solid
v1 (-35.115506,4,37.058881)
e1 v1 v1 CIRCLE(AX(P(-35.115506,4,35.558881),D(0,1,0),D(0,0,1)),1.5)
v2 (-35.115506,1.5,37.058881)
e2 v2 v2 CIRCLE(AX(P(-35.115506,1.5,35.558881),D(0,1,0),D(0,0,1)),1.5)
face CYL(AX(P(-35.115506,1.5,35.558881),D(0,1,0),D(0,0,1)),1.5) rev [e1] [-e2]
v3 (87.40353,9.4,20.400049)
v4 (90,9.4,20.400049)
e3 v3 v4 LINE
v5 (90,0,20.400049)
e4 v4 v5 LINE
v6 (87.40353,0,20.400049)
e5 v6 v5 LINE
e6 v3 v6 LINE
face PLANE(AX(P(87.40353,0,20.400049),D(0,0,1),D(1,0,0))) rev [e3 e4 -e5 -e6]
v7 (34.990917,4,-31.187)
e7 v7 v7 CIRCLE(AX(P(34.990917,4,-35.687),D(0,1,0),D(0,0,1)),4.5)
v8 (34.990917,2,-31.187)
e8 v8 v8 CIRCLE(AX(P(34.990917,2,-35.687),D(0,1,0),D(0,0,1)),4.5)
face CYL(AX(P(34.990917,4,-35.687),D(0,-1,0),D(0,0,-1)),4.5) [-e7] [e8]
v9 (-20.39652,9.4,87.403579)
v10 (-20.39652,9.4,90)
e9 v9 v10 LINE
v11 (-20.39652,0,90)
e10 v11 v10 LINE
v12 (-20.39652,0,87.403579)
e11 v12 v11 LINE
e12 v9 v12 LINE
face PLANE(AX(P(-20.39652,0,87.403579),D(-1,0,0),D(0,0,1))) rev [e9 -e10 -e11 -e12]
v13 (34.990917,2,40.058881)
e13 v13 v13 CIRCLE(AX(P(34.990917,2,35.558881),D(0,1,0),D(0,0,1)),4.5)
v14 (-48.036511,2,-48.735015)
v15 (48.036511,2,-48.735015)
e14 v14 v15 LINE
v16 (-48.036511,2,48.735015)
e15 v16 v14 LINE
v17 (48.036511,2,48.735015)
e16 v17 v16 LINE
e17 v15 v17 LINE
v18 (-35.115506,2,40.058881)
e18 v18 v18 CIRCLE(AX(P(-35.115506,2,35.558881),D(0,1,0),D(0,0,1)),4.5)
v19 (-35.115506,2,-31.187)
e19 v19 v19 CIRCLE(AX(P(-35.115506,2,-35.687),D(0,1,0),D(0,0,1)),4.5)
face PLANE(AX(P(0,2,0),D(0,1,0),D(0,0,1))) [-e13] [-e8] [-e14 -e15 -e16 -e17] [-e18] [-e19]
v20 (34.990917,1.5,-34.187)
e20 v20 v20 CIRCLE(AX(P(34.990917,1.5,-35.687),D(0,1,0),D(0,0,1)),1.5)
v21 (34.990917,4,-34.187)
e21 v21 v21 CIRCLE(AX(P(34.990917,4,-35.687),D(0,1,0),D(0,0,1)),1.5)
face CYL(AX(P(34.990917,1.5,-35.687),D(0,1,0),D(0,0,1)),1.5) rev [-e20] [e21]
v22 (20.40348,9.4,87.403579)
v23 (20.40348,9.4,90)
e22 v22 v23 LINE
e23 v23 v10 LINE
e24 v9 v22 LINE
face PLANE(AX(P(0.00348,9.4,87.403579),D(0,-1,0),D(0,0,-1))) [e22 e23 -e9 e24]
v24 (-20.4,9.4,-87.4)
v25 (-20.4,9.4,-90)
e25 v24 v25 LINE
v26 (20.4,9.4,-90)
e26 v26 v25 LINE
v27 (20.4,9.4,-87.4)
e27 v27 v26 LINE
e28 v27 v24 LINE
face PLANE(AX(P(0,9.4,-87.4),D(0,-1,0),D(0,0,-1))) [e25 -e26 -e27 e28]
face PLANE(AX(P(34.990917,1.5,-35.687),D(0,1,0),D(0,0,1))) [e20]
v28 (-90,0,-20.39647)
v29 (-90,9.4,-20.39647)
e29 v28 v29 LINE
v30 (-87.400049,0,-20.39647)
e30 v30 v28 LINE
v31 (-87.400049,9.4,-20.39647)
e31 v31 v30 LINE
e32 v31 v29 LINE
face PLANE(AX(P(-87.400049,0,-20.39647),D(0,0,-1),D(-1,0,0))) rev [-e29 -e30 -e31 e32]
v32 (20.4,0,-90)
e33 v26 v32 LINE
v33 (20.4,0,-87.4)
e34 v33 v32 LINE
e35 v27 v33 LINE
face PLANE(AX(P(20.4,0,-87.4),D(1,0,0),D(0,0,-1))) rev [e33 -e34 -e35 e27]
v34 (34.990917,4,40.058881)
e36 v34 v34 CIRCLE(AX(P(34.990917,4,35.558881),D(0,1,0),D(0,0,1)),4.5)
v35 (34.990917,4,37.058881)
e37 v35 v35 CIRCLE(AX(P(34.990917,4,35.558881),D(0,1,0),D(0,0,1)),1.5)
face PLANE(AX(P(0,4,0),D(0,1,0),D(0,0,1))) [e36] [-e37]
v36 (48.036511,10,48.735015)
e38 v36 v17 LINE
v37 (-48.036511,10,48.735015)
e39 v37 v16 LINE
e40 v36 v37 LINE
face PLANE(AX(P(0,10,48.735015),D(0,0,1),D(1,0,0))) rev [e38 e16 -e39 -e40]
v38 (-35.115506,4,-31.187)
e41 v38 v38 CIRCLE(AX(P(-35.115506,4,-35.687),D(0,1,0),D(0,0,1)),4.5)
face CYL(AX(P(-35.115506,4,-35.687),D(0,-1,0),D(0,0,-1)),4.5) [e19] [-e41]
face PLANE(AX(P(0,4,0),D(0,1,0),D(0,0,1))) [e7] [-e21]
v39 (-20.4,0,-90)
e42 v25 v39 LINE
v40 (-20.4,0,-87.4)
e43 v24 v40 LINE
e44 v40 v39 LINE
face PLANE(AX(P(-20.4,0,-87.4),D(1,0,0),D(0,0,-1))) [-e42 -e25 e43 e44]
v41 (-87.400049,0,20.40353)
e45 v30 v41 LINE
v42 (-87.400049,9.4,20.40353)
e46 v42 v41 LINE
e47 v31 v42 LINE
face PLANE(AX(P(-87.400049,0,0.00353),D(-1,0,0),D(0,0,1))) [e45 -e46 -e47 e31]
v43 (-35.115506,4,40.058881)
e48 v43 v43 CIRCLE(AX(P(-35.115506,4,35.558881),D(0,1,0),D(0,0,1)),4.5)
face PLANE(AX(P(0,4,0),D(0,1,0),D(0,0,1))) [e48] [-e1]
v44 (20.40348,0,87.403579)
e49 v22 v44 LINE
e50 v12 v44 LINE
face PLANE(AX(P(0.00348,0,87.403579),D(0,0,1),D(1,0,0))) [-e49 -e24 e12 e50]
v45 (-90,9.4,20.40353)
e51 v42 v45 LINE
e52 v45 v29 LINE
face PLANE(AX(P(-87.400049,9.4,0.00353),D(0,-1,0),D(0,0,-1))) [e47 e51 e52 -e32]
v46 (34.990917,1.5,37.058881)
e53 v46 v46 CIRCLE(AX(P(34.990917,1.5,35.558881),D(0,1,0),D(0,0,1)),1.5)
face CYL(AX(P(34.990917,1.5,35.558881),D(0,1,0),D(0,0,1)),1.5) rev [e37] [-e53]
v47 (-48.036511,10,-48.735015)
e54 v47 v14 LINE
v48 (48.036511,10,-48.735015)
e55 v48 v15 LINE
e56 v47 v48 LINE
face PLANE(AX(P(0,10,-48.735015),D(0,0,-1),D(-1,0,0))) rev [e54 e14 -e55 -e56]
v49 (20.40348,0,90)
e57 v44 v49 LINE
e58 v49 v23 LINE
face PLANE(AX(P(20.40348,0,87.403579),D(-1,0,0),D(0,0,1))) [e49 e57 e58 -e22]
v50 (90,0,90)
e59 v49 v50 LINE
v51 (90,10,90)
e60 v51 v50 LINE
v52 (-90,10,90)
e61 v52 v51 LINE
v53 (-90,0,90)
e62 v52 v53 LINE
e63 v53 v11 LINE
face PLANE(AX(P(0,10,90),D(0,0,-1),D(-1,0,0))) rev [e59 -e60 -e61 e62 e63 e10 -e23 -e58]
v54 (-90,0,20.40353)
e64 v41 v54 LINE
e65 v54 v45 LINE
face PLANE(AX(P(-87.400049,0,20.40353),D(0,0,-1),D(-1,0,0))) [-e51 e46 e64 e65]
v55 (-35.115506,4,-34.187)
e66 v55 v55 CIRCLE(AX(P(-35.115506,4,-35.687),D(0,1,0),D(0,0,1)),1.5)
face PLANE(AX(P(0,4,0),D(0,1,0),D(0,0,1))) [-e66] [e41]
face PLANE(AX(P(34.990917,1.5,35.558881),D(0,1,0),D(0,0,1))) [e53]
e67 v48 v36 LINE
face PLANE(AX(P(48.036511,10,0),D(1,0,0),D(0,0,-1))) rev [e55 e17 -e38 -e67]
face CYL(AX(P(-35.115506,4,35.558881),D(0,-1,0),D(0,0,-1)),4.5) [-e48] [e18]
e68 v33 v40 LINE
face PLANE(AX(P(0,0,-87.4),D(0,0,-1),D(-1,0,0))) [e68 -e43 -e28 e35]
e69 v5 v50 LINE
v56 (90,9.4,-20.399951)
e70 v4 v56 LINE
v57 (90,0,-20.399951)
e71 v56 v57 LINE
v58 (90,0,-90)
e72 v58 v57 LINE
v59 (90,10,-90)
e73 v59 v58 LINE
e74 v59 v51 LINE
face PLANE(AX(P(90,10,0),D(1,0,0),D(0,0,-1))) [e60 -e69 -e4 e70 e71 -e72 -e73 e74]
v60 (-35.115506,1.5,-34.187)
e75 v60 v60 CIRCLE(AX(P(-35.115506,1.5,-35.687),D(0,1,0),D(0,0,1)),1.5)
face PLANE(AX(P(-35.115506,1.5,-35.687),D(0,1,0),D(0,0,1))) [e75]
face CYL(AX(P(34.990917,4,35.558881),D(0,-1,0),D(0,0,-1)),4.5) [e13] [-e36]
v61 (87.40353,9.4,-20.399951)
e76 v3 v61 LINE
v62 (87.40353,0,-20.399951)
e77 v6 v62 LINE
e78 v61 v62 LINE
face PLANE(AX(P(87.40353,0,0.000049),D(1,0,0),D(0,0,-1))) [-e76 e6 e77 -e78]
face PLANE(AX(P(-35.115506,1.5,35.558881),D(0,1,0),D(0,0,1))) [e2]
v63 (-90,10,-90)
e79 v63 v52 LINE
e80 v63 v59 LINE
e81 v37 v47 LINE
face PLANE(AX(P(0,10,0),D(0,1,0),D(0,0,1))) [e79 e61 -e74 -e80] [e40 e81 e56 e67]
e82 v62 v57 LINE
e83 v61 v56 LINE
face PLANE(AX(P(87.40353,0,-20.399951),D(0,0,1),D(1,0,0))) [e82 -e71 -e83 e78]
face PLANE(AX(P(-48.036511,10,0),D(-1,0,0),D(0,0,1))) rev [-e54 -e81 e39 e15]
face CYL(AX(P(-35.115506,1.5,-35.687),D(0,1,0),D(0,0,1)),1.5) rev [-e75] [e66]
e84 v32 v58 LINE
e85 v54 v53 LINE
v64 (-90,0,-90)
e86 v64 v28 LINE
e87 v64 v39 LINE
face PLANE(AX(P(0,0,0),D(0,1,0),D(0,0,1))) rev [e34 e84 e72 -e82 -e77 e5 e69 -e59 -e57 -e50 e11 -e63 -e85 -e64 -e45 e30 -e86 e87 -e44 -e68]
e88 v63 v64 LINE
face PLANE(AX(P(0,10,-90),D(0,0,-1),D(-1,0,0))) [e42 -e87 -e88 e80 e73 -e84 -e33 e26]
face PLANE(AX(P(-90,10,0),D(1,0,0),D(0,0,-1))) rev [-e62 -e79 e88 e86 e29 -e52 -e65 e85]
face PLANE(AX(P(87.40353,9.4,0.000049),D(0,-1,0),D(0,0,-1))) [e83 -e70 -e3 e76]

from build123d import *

# Parameters (mm, degrees)
SKETCH1_W           = 180
SKETCH1_H           = 180
SKETCH1_W_2         = 96.073021888
SKETCH1_H_2         = 97.47003078
BOSS_EXTRUDE1_DEPTH = 10
SKETCH1_3_W         = 96.073021888
SKETCH1_3_H         = 97.47003078
SKETCH1_3_R         = 4.5
BOSS_EXTRUDE2_DEPTH = 2
SKETCH1_5_R         = 1.5
BOSS_EXTRUDE3_DEPTH = 4
CUT_EXTRUDE1_START  = 4
SKETCH1_6_R         = 1.5
CUT_EXTRUDE1_DEPTH  = 2.5
SKETCH4_W           = 40
SKETCH4_H           = 9
CUT_EXTRUDE3_DEPTH  = 2.6
CIRPATTERN2_COUNT   = 4


with BuildPart() as part:
    # Sketch1 → Boss-Extrude1 (new body)
    with BuildSketch(Plane(origin=(0, 0, 0), x_dir=(1, 0, 0), z_dir=(0, 1, 0))):
        Rectangle(SKETCH1_W, SKETCH1_H)
        Rectangle(SKETCH1_W_2, SKETCH1_H_2, mode=Mode.SUBTRACT)
    extrude(amount=BOSS_EXTRUDE1_DEPTH)

    # Sketch1<3> → Boss-Extrude2 (add)
    with BuildSketch(Plane(origin=(0, 0, 0), x_dir=(1, 0, 0), z_dir=(0, 1, 0))):
        Rectangle(SKETCH1_3_W, SKETCH1_3_H)
        with Locations(Location((34.990916942, 35.687000466, 0), (0, 0, 270))):
            Circle(SKETCH1_3_R, mode=Mode.SUBTRACT)
        with Locations(Location((34.990916942, -35.558880992, 0), (0, 0, 270))):
            Circle(SKETCH1_3_R, mode=Mode.SUBTRACT)
        with Locations(Location((-35.115505573, -35.558880992, 0), (0, 0, 270))):
            Circle(SKETCH1_3_R, mode=Mode.SUBTRACT)
        with Locations(Location((-35.115505573, 35.687000466, 0), (0, 0, 270))):
            Circle(SKETCH1_3_R, mode=Mode.SUBTRACT)
    extrude(amount=BOSS_EXTRUDE2_DEPTH)

    # Sketch1<5> → Boss-Extrude3 (add)
    # profile 1 of 12: a face of its own
    with BuildSketch(Plane(origin=(0, 0, 0), x_dir=(1, 0, 0), z_dir=(0, 1, 0))):
        with BuildLine():
            Line((-38.036510944, -38.73501539), (-38.036510944, -32.135764339))
            ThreePointArc((-38.036510944, -32.135764339), (-38.417826814, -38.615787014), (-31.927689662, -38.73501539))
            Line((-31.927689662, -38.73501539), (-38.036510944, -38.73501539))
        make_face()
    # profile 2 of 12: a face of its own
    with BuildSketch(Plane(origin=(0, 0, 0), x_dir=(1, 0, 0), z_dir=(0, 1, 0))):
        with BuildLine():
            ThreePointArc((-30.615505573, -35.558880992), (-33.230634778, -31.472652647), (-38.036510944, -32.135764339))
            Line((-38.036510944, -32.135764339), (-38.036510944, -38.73501539))
            Line((-38.036510944, -38.73501539), (-31.927689662, -38.73501539))
            ThreePointArc((-31.927689662, -38.73501539), (-30.95646893, -37.277140053), (-30.615505573, -35.558880992))
        make_face()
        with Locations((-35.115505573, -35.558880992)):
            Circle(SKETCH1_5_R, mode=Mode.SUBTRACT)
    # profile 3 of 12: a face of its own
    with BuildSketch(Plane(origin=(0, 0, 0), x_dir=(1, 0, 0), z_dir=(0, 1, 0))):
        with Locations((-35.115505573, -35.558880992)):
            Circle(SKETCH1_5_R)
    # profile 4 of 12: a face of its own
    with BuildSketch(Plane(origin=(0, 0, 0), x_dir=(1, 0, 0), z_dir=(0, 1, 0))):
        with BuildLine():
            Line((38.036510944, -38.73501539), (38.036510944, -32.246124259))
            ThreePointArc((38.036510944, -32.246124259), (31.745692174, -32.441427511), (31.80310103, -38.73501539))
            Line((31.80310103, -38.73501539), (38.036510944, -38.73501539))
        make_face()
        with Locations((34.990916942, -35.558880992)):
            Circle(SKETCH1_5_R, mode=Mode.SUBTRACT)
    # profile 5 of 12: a face of its own
    with BuildSketch(Plane(origin=(0, 0, 0), x_dir=(1, 0, 0), z_dir=(0, 1, 0))):
        with Locations((34.990916942, -35.558880992)):
            Circle(SKETCH1_5_R)
    # profile 6 of 12: a face of its own
    with BuildSketch(Plane(origin=(0, 0, 0), x_dir=(1, 0, 0), z_dir=(0, 1, 0))):
        with BuildLine():
            ThreePointArc((39.490916942, -35.558880992), (39.111303636, -33.74989965), (38.036510944, -32.246124259))
            Line((38.036510944, -32.246124259), (38.036510944, -38.73501539))
            Line((38.036510944, -38.73501539), (31.80310103, -38.73501539))
            ThreePointArc((31.80310103, -38.73501539), (36.709176002, -39.717917636), (39.490916942, -35.558880992))
        make_face()
    # profile 7 of 12: a face of its own
    with BuildSketch(Plane(origin=(0, 0, 0), x_dir=(1, 0, 0), z_dir=(0, 1, 0))):
        with BuildLine():
            Line((-31.804976156, 38.73501539), (-38.036510944, 38.73501539))
            Line((-38.036510944, 38.73501539), (-38.036510944, 32.263883812))
            ThreePointArc((-38.036510944, 32.263883812), (-33.230634778, 31.600772121), (-30.615505573, 35.687000466))
            ThreePointArc((-30.615505573, 35.687000466), (-30.923406912, 37.322943255), (-31.804976156, 38.73501539))
        make_face()
        with Locations((-35.115505573, 35.687000466)):
            Circle(SKETCH1_5_R, mode=Mode.SUBTRACT)
    # profile 8 of 12: a face of its own
    with BuildSketch(Plane(origin=(0, 0, 0), x_dir=(1, 0, 0), z_dir=(0, 1, 0))):
        with Locations((-35.115505573, 35.687000466)):
            Circle(SKETCH1_5_R)
    # profile 9 of 12: a face of its own
    with BuildSketch(Plane(origin=(0, 0, 0), x_dir=(1, 0, 0), z_dir=(0, 1, 0))):
        with BuildLine():
            Line((-38.036510944, 32.263883812), (-38.036510944, 38.73501539))
            Line((-38.036510944, 38.73501539), (-31.804976156, 38.73501539))
            ThreePointArc((-31.804976156, 38.73501539), (-38.356927826, 38.808407485), (-38.036510944, 32.263883812))
        make_face()
    # profile 10 of 12: a face of its own
    with BuildSketch(Plane(origin=(0, 0, 0), x_dir=(1, 0, 0), z_dir=(0, 1, 0))):
        with BuildLine():
            Line((38.036510944, 38.73501539), (31.680387525, 38.73501539))
            ThreePointArc((31.680387525, 38.73501539), (31.807773572, 32.50618323), (38.036510944, 32.374243733))
            Line((38.036510944, 32.374243733), (38.036510944, 38.73501539))
        make_face()
        with Locations((34.990916942, 35.687000466)):
            Circle(SKETCH1_5_R, mode=Mode.SUBTRACT)
    # profile 11 of 12: a face of its own
    with BuildSketch(Plane(origin=(0, 0, 0), x_dir=(1, 0, 0), z_dir=(0, 1, 0))):
        with Locations((34.990916942, 35.687000466)):
            Circle(SKETCH1_5_R)
    # profile 12 of 12: a face of its own
    with BuildSketch(Plane(origin=(0, 0, 0), x_dir=(1, 0, 0), z_dir=(0, 1, 0))):
        with BuildLine():
            ThreePointArc((39.490916942, 35.687000466), (36.626859732, 39.879099127), (31.680387525, 38.73501539))
            Line((31.680387525, 38.73501539), (38.036510944, 38.73501539))
            Line((38.036510944, 38.73501539), (38.036510944, 32.374243733))
            ThreePointArc((38.036510944, 32.374243733), (39.111303636, 33.878019124), (39.490916942, 35.687000466))
        make_face()
    extrude(amount=BOSS_EXTRUDE3_DEPTH)

    # Sketch1<6> → Cut-Extrude1 (cut)
    with BuildSketch(Plane(origin=(0, 0, 0), x_dir=(1, 0, 0), z_dir=(0, 1, 0)).offset(CUT_EXTRUDE1_START)):
        with Locations(Location((-35.115505573, 35.687000466, 0), (0, 0, 270))):
            Circle(SKETCH1_6_R)
        with Locations(Location((34.990916942, 35.687000466, 0), (0, 0, 270))):
            Circle(SKETCH1_6_R)
        with Locations(Location((34.990916942, -35.558880992, 0), (0, 0, 270))):
            Circle(SKETCH1_6_R)
        with Locations(Location((-35.115505573, -35.558880992, 0), (0, 0, 270))):
            Circle(SKETCH1_6_R)
    extrude(amount=-CUT_EXTRUDE1_DEPTH, mode=Mode.SUBTRACT)

    # Sketch4 → Cut-Extrude3 (cut)
    with BuildSketch(Plane(origin=(0, 0, -90), x_dir=(-1, 0, 0), z_dir=(0, 0, -1))):
        Polygon((-20, 0), (-20, 9), (20, 9), (20, 0), (20.4, 0), (20.4, 9.4), (-20.4, 9.4), (-20.4, 0), align=None)
        with Locations((0, 4.5)):
            Rectangle(SKETCH4_W, SKETCH4_H)
    cut_extrude3 = extrude(amount=-CUT_EXTRUDE3_DEPTH, mode=Mode.SUBTRACT)

    # CirPattern2: Cut-Extrude3 ×4 about axis
    cirpattern2_axis = Axis((0.001740107, 0, 0.001789421), (0, 1, 0))
    for i in range(1, CIRPATTERN2_COUNT):
        add(cut_extrude3.rotate(cirpattern2_axis, i * 360 / CIRPATTERN2_COUNT), mode=Mode.SUBTRACT)


solid = part.part
